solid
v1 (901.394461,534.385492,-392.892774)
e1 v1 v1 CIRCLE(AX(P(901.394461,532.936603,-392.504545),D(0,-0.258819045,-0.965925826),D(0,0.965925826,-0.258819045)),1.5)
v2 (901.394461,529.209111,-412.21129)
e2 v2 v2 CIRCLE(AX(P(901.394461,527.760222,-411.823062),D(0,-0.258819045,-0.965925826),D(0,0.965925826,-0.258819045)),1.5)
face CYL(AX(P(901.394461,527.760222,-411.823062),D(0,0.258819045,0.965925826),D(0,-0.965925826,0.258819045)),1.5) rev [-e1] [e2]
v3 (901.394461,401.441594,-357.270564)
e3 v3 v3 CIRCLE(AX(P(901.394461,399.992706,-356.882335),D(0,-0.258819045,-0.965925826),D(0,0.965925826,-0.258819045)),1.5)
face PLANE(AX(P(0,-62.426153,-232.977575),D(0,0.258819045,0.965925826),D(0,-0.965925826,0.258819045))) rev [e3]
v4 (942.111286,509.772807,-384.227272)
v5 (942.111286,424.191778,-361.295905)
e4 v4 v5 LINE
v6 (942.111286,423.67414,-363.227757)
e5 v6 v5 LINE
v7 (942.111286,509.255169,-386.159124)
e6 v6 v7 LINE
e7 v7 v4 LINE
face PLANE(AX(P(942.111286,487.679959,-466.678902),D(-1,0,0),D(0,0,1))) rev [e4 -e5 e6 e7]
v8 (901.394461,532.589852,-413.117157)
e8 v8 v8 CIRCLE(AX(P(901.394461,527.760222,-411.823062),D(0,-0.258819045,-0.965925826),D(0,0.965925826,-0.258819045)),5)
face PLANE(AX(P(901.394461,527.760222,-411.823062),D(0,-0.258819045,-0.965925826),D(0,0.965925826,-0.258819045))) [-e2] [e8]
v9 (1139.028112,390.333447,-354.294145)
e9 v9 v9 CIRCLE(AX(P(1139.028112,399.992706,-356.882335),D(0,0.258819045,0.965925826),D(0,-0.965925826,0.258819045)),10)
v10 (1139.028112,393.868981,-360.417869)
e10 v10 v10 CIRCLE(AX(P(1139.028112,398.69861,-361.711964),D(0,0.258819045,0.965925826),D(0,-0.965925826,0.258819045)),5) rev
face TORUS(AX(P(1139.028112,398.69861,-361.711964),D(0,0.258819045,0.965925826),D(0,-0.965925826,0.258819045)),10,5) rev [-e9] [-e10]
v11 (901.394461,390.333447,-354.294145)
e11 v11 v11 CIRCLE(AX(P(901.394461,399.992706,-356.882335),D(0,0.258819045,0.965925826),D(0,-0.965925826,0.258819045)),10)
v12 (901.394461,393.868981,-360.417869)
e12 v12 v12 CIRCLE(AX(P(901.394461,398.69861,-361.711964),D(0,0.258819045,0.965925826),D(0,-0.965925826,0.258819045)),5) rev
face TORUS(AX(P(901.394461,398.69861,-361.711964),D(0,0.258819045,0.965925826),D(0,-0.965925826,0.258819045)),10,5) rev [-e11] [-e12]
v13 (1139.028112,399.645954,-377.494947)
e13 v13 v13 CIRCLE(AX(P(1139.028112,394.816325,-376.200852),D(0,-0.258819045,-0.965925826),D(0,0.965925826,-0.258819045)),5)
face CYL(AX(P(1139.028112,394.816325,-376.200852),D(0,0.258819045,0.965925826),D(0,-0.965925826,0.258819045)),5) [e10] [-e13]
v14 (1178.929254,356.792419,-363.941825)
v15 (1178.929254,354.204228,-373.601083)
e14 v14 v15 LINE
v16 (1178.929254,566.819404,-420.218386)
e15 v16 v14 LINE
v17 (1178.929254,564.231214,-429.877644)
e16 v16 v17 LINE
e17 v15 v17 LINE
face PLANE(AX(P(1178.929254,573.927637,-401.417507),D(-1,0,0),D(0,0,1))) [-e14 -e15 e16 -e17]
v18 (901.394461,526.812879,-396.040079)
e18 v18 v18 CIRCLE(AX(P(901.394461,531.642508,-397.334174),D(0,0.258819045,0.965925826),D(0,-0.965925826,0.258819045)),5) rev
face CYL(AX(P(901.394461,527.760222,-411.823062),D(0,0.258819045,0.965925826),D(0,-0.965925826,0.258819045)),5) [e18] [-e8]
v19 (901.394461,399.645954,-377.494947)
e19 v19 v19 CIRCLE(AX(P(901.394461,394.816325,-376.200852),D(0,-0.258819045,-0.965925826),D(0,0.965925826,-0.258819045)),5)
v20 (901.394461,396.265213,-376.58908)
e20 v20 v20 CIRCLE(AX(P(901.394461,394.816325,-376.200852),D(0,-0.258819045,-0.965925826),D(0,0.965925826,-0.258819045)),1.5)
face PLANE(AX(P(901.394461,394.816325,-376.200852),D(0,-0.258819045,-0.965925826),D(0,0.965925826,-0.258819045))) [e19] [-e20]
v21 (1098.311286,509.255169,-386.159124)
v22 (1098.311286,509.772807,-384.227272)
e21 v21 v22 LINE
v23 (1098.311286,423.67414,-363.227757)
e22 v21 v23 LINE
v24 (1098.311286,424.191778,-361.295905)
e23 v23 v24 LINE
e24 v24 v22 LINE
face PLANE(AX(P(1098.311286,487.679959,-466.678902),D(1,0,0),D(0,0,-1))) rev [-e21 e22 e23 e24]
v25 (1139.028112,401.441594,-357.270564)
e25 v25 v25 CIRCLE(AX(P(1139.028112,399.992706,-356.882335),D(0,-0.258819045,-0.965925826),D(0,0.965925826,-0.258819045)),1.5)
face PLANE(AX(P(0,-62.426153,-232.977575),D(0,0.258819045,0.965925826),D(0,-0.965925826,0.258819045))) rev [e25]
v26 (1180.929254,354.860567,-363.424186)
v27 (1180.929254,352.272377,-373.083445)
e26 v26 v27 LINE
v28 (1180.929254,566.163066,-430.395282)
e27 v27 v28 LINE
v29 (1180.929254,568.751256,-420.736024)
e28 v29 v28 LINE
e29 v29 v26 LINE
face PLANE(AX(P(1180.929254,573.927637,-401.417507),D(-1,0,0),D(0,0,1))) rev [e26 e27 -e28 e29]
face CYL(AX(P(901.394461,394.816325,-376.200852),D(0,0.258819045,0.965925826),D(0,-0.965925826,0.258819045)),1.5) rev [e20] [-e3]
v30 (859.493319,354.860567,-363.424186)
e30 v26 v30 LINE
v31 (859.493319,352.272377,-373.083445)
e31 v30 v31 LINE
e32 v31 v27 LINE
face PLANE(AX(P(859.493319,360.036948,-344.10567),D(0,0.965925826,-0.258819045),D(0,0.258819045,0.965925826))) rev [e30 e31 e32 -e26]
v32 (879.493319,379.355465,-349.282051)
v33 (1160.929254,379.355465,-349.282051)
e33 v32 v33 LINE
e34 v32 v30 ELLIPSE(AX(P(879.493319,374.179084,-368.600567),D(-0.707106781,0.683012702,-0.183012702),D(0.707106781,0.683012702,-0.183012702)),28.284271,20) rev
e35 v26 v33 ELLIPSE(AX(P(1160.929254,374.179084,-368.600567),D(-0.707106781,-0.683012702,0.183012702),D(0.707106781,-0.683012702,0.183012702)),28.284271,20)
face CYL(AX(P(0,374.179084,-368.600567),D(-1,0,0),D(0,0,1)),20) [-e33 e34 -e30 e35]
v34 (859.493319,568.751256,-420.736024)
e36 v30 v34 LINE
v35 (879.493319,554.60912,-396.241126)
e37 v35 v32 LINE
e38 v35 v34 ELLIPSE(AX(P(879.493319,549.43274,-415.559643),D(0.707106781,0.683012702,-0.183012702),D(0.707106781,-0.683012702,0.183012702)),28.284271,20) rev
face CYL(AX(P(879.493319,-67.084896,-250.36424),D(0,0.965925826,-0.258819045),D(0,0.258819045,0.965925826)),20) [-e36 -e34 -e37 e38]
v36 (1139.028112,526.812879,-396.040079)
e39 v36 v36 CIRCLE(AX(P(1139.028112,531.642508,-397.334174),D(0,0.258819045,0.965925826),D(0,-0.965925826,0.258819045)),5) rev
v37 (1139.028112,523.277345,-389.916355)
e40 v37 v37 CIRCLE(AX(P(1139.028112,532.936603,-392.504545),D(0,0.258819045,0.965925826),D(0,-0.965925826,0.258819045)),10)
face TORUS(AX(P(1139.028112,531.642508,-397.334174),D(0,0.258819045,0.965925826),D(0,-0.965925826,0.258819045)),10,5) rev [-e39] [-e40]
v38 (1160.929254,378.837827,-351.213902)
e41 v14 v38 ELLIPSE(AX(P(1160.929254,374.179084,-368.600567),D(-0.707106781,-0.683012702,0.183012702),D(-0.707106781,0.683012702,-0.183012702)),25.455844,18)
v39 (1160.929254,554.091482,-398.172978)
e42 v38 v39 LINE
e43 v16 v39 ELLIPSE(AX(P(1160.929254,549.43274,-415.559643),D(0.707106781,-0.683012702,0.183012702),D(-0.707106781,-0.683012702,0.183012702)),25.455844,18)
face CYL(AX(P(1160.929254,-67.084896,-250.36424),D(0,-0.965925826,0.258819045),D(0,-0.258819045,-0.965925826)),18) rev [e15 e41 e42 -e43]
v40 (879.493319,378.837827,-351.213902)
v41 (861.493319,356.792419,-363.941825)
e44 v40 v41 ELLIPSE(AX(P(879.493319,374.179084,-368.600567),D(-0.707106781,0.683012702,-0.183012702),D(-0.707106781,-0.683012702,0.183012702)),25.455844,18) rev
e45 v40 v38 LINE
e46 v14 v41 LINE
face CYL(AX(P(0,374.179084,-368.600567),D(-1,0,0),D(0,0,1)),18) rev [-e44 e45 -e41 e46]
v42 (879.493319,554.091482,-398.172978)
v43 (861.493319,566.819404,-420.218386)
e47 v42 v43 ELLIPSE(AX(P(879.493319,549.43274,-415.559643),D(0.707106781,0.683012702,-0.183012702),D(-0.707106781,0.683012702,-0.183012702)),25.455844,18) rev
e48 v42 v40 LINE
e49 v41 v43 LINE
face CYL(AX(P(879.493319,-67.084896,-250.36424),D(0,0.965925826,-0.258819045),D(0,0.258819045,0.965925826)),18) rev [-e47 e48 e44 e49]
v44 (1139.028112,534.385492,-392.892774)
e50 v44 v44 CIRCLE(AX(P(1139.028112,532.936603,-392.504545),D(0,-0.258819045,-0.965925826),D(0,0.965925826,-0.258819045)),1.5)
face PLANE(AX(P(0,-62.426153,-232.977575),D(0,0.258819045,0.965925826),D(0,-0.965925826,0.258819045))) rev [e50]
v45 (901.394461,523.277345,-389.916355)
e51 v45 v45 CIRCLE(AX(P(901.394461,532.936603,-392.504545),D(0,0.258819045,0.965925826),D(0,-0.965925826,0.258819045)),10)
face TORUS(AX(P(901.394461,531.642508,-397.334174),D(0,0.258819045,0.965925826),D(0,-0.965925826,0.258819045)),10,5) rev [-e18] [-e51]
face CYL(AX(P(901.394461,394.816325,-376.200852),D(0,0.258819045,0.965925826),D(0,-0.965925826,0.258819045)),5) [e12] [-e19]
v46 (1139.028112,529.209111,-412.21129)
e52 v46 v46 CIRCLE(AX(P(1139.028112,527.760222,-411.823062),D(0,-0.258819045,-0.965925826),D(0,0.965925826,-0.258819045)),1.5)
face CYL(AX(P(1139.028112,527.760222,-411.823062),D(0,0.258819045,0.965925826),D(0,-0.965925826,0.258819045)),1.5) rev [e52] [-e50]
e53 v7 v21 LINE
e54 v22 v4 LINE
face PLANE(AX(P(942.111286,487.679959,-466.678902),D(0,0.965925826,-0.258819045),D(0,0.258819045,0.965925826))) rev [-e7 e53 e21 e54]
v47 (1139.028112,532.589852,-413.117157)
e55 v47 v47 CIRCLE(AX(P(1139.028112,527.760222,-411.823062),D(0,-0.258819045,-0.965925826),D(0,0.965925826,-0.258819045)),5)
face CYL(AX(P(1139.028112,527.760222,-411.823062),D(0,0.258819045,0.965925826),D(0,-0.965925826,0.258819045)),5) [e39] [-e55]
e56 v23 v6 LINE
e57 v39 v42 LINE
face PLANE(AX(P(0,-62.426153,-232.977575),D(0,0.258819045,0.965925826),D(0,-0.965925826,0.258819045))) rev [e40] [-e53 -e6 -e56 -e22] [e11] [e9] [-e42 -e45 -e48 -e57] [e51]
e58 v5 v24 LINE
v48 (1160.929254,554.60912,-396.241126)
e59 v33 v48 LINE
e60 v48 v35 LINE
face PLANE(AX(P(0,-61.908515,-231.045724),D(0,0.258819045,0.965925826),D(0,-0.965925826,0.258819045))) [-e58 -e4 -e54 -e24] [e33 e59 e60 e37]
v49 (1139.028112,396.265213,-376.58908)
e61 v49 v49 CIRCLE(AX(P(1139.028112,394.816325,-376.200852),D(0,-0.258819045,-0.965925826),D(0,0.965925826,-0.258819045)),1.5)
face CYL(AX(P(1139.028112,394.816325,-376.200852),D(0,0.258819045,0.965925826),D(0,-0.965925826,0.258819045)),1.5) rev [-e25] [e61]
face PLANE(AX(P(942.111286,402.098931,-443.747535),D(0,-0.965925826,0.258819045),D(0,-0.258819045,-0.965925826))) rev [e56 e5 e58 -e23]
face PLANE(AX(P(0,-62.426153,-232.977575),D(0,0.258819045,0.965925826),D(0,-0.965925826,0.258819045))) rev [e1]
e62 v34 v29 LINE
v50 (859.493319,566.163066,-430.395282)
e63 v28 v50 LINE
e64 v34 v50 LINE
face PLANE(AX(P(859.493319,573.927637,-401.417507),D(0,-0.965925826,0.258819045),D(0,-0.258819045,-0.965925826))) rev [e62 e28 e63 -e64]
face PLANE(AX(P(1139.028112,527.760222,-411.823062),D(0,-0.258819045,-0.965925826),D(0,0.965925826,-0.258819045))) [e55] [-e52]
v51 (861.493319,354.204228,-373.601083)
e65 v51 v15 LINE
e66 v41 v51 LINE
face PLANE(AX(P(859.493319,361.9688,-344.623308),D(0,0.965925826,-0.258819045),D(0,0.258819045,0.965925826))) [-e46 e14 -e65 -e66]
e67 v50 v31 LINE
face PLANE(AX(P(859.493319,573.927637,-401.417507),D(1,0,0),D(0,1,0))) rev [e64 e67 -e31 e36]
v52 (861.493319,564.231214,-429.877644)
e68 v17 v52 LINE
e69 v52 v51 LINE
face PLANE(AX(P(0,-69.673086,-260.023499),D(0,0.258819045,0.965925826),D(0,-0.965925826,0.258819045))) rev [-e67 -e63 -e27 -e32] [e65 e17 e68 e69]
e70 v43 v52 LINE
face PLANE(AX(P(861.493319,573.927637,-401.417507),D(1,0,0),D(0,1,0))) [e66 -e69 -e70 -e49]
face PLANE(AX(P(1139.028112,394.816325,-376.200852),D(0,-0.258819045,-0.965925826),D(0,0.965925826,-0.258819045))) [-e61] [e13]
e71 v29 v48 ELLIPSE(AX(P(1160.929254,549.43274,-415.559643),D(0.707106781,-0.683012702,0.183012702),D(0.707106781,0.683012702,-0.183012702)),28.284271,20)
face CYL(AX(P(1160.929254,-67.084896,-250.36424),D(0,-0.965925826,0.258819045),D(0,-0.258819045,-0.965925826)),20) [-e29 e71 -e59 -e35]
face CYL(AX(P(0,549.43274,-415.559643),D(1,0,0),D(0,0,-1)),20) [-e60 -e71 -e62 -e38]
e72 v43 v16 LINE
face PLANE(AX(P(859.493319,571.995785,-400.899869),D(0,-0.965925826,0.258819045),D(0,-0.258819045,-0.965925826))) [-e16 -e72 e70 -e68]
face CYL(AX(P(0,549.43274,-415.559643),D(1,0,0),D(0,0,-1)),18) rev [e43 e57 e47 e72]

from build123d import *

# Parameters (mm, degrees)
SKETCH1_W           = 321.435935394
SKETCH1_H           = 221.435935394
BOSS_EXTRUDE1_DEPTH = 30
FILLET1_R           = 20
SHELL1_T            = -2
CUT_EXTRUDE1_REACH  = 1355.856
SKETCH2_W           = 156.2
SKETCH2_H           = 88.6
SKETCH5_R           = 5
SKETCH5_R_2         = 1.5
BOSS_EXTRUDE2_DEPTH = 20
FILLET2_R           = 5


with BuildPart() as part:
    # Sketch1 → Boss-Extrude1 (new body)
    with BuildSketch(Plane(origin=(0, -69.673086457, -260.023498579), x_dir=(1, 0, 0), z_dir=(0, 0.2588190451025214, 0.9659258262890682))):
        with Locations((1020.211286357, 547.548055232)):
            Rectangle(SKETCH1_W, SKETCH1_H)
    extrude(amount=BOSS_EXTRUDE1_DEPTH)

    # Fillet1
    fillet1_edges = [part.edges().sort_by_distance(p)[0] for p in [
        (859.49331866, 466.982292579, -372.761588593),
        (1020.211286357, 360.036948146, -344.105669918),
        (1180.929254054, 466.982292579, -372.761588593),
        (1020.211286357, 573.927637012, -401.417507268),
    ]]
    fillet(fillet1_edges, radius=FILLET1_R)

    # Shell1
    shell1_openings = [part.faces().sort_by_distance(p)[0] for p in [
        (1020.211286357, 459.217721226, -401.739363381),
    ]]
    offset(amount=SHELL1_T, openings=shell1_openings)

    # Sketch2 → Cut-Extrude1 (cut, up to next)
    with BuildSketch(Plane(origin=(0, -61.908515104, -231.04572379), x_dir=(1, 0, 0), z_dir=(0, 0.2588190451025213, 0.9659258262890681)), mode=Mode.PRIVATE) as cut_extrude1_sk1:
        with Locations((1020.211286357, 547.548055232)):
            Rectangle(SKETCH2_W, SKETCH2_H)
    cut_extrude1_tool1 = extrude(cut_extrude1_sk1.sketch, amount=-CUT_EXTRUDE1_REACH, mode=Mode.PRIVATE) & part.part
    add(cut_extrude1_tool1.solids().sort_by_distance((1020.211286, 466.982293, -372.761589))[0], mode=Mode.SUBTRACT)

    # Sketch5 → Boss-Extrude2 (add)
    # profile 1 of 4: a face of its own
    with BuildSketch(Plane(origin=(0, -62.426153194, -232.977575442), x_dir=(-1, 0, 0), z_dir=(0, -0.25881904510252146, -0.9659258262890681))):
        with Locations(Location((-901.394461057, 616.364880532, 0), (0, 0, 270))):
            Circle(SKETCH5_R)
        with Locations(Location((-901.394461057, 616.364880532, 0), (0, 0, 90))):
            Circle(SKETCH5_R_2, mode=Mode.SUBTRACT)
    # profile 2 of 4: a face of its own
    with BuildSketch(Plane(origin=(0, -62.426153194, -232.977575442), x_dir=(-1, 0, 0), z_dir=(0, -0.25881904510252146, -0.9659258262890681))):
        with Locations(Location((-901.394461057, 478.731229931, 0), (0, 0, 270))):
            Circle(SKETCH5_R)
        with Locations(Location((-901.394461057, 478.731229931, 0), (0, 0, 90))):
            Circle(SKETCH5_R_2, mode=Mode.SUBTRACT)
    # profile 3 of 4: a face of its own
    with BuildSketch(Plane(origin=(0, -62.426153194, -232.977575442), x_dir=(-1, 0, 0), z_dir=(0, -0.25881904510252146, -0.9659258262890681))):
        with Locations(Location((-1139.028111658, 478.731229931, 0), (0, 0, 270))):
            Circle(SKETCH5_R)
        with Locations(Location((-1139.028111658, 478.731229931, 0), (0, 0, 90))):
            Circle(SKETCH5_R_2, mode=Mode.SUBTRACT)
    # profile 4 of 4: a face of its own
    with BuildSketch(Plane(origin=(0, -62.426153194, -232.977575442), x_dir=(-1, 0, 0), z_dir=(0, -0.25881904510252146, -0.9659258262890681))):
        with Locations(Location((-1139.028111658, 616.364880532, 0), (0, 0, 270))):
            Circle(SKETCH5_R)
        with Locations(Location((-1139.028111658, 616.364880532, 0), (0, 0, 90))):
            Circle(SKETCH5_R_2, mode=Mode.SUBTRACT)
    extrude(amount=BOSS_EXTRUDE2_DEPTH)

    # Fillet2
    fillet2_edges = [part.edges().sort_by_distance(p)[0] for p in [
        (901.394461057, 537.766232461, -393.798640482),
        (901.394461057, 404.822334779, -358.17643046),
        (1139.028111658, 404.822334779, -358.17643046),
        (1139.028111658, 537.766232461, -393.798640482),
    ]]
    fillet(fillet2_edges, radius=FILLET2_R)


solid = part.part
